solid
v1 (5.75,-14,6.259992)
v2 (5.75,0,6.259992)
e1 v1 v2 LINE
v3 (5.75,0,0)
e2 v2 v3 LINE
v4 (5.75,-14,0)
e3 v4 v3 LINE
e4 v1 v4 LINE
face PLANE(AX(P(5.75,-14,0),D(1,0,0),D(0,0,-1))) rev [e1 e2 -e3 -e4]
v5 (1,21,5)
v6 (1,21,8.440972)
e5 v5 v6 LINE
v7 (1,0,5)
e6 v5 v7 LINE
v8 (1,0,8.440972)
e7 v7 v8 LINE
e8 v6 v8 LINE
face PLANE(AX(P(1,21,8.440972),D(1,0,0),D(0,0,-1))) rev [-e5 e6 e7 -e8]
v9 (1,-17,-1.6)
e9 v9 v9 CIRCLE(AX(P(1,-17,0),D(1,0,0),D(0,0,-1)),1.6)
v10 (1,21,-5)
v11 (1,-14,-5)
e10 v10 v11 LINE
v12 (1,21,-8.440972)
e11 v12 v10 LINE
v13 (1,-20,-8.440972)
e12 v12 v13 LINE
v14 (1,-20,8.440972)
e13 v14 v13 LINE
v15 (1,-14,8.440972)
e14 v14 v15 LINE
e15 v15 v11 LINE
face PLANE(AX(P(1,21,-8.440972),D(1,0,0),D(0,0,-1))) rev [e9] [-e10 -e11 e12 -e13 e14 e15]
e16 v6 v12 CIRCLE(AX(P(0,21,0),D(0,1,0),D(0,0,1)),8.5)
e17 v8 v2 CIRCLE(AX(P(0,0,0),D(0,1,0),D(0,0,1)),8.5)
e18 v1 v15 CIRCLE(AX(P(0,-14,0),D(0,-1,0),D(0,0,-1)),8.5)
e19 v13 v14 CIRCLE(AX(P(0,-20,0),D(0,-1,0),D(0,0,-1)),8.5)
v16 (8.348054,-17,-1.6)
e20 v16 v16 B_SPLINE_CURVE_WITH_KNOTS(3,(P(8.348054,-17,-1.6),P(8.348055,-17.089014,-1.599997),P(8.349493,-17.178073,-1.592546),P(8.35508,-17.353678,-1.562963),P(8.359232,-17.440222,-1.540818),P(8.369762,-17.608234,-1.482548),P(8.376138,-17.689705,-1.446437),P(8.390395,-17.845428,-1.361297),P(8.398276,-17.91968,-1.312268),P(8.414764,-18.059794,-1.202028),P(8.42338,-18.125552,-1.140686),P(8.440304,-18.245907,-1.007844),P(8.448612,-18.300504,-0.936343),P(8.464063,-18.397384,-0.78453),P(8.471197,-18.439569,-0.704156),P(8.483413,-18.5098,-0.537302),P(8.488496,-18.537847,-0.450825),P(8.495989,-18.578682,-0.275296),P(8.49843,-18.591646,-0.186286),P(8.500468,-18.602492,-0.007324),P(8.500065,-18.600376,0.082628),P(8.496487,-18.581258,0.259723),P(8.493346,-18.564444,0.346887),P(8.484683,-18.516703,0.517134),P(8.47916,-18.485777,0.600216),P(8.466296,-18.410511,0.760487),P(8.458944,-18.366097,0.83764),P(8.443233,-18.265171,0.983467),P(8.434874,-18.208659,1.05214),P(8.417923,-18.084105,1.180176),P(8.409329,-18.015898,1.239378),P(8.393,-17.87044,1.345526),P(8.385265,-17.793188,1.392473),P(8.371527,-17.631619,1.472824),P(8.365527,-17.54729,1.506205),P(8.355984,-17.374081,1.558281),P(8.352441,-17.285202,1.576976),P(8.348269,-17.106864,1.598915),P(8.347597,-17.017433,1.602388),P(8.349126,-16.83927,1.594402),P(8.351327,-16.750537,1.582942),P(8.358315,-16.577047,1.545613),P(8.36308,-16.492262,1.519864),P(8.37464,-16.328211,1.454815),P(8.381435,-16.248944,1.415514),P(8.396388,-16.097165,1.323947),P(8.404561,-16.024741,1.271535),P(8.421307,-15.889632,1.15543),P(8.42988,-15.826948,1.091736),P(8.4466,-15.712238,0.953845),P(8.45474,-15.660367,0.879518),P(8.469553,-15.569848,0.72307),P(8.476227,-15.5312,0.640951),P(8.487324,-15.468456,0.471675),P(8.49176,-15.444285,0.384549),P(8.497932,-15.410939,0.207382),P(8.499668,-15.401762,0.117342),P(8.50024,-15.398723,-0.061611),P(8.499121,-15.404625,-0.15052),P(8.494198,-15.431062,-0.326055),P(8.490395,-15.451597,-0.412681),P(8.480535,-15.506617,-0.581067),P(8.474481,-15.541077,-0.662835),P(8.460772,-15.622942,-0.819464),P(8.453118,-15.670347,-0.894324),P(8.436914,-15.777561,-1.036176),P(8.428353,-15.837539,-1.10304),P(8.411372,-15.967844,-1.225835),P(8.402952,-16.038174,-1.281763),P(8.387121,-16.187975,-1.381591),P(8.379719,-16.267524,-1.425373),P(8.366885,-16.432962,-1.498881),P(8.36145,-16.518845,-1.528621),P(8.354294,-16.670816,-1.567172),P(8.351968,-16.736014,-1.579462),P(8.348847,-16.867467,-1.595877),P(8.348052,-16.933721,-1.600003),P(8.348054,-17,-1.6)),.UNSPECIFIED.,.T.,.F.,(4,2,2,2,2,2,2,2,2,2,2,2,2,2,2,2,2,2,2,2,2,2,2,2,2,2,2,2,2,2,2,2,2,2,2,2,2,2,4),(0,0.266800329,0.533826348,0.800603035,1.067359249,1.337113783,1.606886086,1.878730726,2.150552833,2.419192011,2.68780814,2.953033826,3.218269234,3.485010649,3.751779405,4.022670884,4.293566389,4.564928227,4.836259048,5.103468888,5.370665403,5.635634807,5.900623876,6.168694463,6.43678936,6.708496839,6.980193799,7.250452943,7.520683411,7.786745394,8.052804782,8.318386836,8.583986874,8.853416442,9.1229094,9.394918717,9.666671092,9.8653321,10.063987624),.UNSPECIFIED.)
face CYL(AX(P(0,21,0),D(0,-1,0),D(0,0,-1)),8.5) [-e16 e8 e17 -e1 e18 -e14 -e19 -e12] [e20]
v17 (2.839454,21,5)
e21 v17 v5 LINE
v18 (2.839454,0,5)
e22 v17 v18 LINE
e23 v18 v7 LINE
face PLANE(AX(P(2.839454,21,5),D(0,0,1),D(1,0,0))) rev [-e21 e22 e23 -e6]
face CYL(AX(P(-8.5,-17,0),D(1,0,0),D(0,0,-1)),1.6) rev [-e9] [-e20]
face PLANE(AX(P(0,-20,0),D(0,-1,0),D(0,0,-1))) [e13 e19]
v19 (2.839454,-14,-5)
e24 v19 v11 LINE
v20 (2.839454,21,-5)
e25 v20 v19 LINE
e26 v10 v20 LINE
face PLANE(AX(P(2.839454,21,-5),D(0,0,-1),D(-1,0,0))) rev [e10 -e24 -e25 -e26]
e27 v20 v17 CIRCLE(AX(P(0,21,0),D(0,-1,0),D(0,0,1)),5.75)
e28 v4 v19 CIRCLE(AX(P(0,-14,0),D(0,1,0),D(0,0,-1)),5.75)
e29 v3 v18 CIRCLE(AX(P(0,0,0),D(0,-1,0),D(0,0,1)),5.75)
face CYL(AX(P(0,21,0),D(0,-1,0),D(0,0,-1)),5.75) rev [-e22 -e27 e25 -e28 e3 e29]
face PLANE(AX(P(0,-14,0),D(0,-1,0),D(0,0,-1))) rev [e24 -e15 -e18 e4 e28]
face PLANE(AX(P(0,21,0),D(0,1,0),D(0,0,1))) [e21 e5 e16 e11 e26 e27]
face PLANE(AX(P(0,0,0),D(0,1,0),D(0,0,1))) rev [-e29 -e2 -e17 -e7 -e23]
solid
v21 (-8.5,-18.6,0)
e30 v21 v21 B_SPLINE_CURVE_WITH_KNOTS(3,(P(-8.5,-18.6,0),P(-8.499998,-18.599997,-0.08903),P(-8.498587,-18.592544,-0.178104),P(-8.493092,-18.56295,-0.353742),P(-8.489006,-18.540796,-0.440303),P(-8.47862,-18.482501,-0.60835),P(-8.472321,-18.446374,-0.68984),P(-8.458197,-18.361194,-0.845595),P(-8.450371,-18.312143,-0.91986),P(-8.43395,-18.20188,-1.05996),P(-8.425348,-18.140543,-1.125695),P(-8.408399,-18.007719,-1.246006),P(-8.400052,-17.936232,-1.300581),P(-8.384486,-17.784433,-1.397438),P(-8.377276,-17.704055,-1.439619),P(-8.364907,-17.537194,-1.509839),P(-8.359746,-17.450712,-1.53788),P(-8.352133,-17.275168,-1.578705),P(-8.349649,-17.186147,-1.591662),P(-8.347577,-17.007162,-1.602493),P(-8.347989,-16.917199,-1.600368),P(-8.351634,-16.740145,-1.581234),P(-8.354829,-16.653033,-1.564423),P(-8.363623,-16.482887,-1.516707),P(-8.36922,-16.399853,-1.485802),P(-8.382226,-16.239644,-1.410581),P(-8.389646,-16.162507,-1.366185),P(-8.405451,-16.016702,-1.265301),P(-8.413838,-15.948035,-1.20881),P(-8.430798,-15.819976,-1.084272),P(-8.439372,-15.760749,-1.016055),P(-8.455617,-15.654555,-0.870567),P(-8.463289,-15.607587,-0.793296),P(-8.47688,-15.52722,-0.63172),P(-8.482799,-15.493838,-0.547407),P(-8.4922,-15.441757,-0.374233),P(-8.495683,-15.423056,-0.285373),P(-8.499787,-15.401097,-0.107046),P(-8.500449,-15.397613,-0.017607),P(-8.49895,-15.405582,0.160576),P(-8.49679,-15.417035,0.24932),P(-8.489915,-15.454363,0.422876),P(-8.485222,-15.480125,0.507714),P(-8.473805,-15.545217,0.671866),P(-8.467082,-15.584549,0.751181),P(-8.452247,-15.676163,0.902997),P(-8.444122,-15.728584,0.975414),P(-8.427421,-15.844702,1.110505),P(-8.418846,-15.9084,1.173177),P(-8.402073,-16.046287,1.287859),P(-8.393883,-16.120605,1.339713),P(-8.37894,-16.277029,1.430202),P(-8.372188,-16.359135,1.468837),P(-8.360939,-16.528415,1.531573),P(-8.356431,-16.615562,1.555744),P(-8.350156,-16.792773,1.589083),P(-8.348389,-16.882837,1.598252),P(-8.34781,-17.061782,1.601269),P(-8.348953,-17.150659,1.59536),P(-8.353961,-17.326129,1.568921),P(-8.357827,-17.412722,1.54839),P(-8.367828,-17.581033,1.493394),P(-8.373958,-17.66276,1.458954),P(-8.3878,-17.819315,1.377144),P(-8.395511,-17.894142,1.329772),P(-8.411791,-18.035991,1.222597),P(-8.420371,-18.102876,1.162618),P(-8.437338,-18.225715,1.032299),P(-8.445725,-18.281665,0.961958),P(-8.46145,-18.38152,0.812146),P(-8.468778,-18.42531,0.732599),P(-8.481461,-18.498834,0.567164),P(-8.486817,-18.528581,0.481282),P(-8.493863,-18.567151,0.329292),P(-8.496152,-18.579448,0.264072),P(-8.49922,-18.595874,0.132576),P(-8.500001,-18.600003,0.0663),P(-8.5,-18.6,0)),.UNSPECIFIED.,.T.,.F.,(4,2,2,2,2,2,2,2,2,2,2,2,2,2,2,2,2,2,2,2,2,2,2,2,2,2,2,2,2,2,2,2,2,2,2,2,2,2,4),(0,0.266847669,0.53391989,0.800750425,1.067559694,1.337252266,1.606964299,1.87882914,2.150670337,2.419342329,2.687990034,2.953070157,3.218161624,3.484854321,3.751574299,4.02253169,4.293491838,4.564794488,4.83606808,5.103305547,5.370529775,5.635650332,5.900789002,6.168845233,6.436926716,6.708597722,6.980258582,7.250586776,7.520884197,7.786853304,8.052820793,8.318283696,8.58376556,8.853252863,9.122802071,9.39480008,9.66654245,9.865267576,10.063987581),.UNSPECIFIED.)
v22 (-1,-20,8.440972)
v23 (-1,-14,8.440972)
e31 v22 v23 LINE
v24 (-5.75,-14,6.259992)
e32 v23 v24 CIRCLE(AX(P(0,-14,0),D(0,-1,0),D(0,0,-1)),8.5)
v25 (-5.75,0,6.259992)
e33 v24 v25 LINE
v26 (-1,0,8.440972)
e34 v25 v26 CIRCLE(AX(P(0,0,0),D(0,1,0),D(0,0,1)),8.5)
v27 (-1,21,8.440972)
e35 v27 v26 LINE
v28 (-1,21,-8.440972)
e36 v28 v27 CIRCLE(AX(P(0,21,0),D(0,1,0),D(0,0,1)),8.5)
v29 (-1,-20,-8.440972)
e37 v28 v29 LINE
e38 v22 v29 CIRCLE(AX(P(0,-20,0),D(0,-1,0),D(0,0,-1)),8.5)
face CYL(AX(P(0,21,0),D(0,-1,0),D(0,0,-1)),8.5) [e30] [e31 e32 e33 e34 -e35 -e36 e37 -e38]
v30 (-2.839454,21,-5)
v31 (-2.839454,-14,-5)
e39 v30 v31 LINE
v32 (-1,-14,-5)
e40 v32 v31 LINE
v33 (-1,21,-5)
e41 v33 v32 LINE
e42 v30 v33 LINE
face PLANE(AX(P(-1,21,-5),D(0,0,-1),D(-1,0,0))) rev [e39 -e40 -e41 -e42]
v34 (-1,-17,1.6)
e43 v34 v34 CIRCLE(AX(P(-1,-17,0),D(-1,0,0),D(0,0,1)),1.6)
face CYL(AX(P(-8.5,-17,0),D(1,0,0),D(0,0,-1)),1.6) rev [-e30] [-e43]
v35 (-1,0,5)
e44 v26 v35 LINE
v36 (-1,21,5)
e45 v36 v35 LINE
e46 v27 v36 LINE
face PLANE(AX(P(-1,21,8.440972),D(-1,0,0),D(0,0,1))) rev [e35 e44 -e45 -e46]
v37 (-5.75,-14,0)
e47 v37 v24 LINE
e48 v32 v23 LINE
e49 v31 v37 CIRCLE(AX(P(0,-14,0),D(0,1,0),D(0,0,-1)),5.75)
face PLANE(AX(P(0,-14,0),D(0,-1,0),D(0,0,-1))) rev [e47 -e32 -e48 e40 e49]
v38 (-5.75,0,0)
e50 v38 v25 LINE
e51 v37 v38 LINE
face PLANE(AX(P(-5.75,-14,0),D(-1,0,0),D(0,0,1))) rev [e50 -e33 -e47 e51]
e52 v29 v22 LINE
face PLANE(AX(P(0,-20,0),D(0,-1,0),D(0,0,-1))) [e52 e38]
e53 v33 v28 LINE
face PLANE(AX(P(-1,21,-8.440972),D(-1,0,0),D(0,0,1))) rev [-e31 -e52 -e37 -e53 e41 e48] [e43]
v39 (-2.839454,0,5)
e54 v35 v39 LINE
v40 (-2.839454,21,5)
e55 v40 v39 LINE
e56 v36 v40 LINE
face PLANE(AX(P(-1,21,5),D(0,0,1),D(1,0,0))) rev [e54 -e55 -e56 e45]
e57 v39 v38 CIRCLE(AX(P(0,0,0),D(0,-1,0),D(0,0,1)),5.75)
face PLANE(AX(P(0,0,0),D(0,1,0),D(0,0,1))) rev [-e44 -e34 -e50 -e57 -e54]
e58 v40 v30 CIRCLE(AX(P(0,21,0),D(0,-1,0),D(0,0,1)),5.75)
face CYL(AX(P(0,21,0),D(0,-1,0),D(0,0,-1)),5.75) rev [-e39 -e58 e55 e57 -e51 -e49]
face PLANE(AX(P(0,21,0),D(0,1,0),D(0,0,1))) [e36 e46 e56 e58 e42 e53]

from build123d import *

# Parameters (mm, degrees)
EXTRUDE_1_DEPTH          = 21
EXTRUDE_1_2_DEPTH        = 21
EXTRUDE_2_DEPTH          = 14
EXTRUDE_3_DEPTH          = 6
SKETCH_6_R               = 1.6
CUT_EXTRUDE_1_DEPTH      = 9.5
CUT_EXTRUDE_1_DEPTH_BACK = 9.5


with BuildPart() as part:
    # Эскиз1 → Бобышка-Вытянуть1 (new body)
    with BuildSketch(Plane(origin=(0, 0, 0), x_dir=(1, 0, 0), z_dir=(0, 1, 0))):
        with BuildLine():
            Line((2.839454173, 5), (1, 5))
            Line((1, 5), (1, 8.440971508))
            ThreePointArc((1, 8.440971508), (8.5, 0), (1, -8.440971508))
            Line((1, -8.440971508), (1, -5))
            Line((1, -5), (2.839454173, -5))
            ThreePointArc((2.839454173, -5), (5.75, 0), (2.839454173, 5))
        make_face()
    extrude(amount=EXTRUDE_1_DEPTH)



with BuildPart() as body_2:
    # Эскиз1 → Extrude 1 2 (new body)
    with BuildSketch(Plane(origin=(0, 0, 0), x_dir=(1, 0, 0), z_dir=(0, 1, 0))):
        with BuildLine():
            Line((-1, 8.440971508), (-1, 5))
            Line((-1, 5), (-2.839454173, 5))
            ThreePointArc((-2.839454173, 5), (-5.75, 0), (-2.839454173, -5))
            Line((-2.839454173, -5), (-1, -5))
            Line((-1, -5), (-1, -8.440971508))
            ThreePointArc((-1, -8.440971508), (-8.5, 0), (-1, 8.440971508))
        make_face()
    extrude(amount=EXTRUDE_1_2_DEPTH)


with BuildPart() as part_1:
    add(part.part)

    add(body_2.part)  # Бобышка-Вытянуть2 merges body 2
    # Эскиз3 → Бобышка-Вытянуть2 (add)
    with BuildSketch(Plane.XZ):
        with BuildLine():
            Line((1, -8.440971508), (1, -5))
            Line((1, -5), (2.839454173, -5))
            ThreePointArc((2.839454173, -5), (4.969374281, -2.892718316), (5.75, 0))
            Line((5.75, 0), (5.75, 6.259992013))
            ThreePointArc((5.75, 6.259992013), (8.088275905, -2.613387245), (1, -8.440971508))
        make_face()
        with BuildLine():
            Line((-2.839454173, -5), (-1, -5))
            Line((-1, -5), (-1, -8.440971508))
            ThreePointArc((-1, -8.440971508), (-8.088275905, -2.613387245), (-5.75, 6.259992013))
            Line((-5.75, 6.259992013), (-5.75, 0))
            ThreePointArc((-5.75, 0), (-4.969374281, -2.892718316), (-2.839454173, -5))
        make_face()
    extrude(amount=EXTRUDE_2_DEPTH)

    # Эскиз4 → Бобышка-Вытянуть3 (add)
    with BuildSketch(Plane.XZ.offset(14)):
        with BuildLine():
            Line((-1, 8.440971508), (-1, -8.440971508))
            ThreePointArc((-1, -8.440971508), (-8.5, 0), (-1, 8.440971508))
        make_face()
        with BuildLine():
            Line((1, 8.440971508), (1, -8.440971508))
            ThreePointArc((1, -8.440971508), (8.5, 0), (1, 8.440971508))
        make_face()
    extrude(amount=EXTRUDE_3_DEPTH)

    # Эскиз6 → Вырез-Вытянуть1 (cut, two sides)
    with BuildSketch(Plane(origin=(0, 0, 0), x_dir=(0, 0, -1), z_dir=(1, 0, 0))) as cut_extrude_1_sk:
        with Locations((0, -17)):
            Circle(SKETCH_6_R)
    extrude(amount=CUT_EXTRUDE_1_DEPTH, mode=Mode.SUBTRACT)
    extrude(cut_extrude_1_sk.sketch, amount=-CUT_EXTRUDE_1_DEPTH_BACK, mode=Mode.SUBTRACT)


solid = part_1.part
